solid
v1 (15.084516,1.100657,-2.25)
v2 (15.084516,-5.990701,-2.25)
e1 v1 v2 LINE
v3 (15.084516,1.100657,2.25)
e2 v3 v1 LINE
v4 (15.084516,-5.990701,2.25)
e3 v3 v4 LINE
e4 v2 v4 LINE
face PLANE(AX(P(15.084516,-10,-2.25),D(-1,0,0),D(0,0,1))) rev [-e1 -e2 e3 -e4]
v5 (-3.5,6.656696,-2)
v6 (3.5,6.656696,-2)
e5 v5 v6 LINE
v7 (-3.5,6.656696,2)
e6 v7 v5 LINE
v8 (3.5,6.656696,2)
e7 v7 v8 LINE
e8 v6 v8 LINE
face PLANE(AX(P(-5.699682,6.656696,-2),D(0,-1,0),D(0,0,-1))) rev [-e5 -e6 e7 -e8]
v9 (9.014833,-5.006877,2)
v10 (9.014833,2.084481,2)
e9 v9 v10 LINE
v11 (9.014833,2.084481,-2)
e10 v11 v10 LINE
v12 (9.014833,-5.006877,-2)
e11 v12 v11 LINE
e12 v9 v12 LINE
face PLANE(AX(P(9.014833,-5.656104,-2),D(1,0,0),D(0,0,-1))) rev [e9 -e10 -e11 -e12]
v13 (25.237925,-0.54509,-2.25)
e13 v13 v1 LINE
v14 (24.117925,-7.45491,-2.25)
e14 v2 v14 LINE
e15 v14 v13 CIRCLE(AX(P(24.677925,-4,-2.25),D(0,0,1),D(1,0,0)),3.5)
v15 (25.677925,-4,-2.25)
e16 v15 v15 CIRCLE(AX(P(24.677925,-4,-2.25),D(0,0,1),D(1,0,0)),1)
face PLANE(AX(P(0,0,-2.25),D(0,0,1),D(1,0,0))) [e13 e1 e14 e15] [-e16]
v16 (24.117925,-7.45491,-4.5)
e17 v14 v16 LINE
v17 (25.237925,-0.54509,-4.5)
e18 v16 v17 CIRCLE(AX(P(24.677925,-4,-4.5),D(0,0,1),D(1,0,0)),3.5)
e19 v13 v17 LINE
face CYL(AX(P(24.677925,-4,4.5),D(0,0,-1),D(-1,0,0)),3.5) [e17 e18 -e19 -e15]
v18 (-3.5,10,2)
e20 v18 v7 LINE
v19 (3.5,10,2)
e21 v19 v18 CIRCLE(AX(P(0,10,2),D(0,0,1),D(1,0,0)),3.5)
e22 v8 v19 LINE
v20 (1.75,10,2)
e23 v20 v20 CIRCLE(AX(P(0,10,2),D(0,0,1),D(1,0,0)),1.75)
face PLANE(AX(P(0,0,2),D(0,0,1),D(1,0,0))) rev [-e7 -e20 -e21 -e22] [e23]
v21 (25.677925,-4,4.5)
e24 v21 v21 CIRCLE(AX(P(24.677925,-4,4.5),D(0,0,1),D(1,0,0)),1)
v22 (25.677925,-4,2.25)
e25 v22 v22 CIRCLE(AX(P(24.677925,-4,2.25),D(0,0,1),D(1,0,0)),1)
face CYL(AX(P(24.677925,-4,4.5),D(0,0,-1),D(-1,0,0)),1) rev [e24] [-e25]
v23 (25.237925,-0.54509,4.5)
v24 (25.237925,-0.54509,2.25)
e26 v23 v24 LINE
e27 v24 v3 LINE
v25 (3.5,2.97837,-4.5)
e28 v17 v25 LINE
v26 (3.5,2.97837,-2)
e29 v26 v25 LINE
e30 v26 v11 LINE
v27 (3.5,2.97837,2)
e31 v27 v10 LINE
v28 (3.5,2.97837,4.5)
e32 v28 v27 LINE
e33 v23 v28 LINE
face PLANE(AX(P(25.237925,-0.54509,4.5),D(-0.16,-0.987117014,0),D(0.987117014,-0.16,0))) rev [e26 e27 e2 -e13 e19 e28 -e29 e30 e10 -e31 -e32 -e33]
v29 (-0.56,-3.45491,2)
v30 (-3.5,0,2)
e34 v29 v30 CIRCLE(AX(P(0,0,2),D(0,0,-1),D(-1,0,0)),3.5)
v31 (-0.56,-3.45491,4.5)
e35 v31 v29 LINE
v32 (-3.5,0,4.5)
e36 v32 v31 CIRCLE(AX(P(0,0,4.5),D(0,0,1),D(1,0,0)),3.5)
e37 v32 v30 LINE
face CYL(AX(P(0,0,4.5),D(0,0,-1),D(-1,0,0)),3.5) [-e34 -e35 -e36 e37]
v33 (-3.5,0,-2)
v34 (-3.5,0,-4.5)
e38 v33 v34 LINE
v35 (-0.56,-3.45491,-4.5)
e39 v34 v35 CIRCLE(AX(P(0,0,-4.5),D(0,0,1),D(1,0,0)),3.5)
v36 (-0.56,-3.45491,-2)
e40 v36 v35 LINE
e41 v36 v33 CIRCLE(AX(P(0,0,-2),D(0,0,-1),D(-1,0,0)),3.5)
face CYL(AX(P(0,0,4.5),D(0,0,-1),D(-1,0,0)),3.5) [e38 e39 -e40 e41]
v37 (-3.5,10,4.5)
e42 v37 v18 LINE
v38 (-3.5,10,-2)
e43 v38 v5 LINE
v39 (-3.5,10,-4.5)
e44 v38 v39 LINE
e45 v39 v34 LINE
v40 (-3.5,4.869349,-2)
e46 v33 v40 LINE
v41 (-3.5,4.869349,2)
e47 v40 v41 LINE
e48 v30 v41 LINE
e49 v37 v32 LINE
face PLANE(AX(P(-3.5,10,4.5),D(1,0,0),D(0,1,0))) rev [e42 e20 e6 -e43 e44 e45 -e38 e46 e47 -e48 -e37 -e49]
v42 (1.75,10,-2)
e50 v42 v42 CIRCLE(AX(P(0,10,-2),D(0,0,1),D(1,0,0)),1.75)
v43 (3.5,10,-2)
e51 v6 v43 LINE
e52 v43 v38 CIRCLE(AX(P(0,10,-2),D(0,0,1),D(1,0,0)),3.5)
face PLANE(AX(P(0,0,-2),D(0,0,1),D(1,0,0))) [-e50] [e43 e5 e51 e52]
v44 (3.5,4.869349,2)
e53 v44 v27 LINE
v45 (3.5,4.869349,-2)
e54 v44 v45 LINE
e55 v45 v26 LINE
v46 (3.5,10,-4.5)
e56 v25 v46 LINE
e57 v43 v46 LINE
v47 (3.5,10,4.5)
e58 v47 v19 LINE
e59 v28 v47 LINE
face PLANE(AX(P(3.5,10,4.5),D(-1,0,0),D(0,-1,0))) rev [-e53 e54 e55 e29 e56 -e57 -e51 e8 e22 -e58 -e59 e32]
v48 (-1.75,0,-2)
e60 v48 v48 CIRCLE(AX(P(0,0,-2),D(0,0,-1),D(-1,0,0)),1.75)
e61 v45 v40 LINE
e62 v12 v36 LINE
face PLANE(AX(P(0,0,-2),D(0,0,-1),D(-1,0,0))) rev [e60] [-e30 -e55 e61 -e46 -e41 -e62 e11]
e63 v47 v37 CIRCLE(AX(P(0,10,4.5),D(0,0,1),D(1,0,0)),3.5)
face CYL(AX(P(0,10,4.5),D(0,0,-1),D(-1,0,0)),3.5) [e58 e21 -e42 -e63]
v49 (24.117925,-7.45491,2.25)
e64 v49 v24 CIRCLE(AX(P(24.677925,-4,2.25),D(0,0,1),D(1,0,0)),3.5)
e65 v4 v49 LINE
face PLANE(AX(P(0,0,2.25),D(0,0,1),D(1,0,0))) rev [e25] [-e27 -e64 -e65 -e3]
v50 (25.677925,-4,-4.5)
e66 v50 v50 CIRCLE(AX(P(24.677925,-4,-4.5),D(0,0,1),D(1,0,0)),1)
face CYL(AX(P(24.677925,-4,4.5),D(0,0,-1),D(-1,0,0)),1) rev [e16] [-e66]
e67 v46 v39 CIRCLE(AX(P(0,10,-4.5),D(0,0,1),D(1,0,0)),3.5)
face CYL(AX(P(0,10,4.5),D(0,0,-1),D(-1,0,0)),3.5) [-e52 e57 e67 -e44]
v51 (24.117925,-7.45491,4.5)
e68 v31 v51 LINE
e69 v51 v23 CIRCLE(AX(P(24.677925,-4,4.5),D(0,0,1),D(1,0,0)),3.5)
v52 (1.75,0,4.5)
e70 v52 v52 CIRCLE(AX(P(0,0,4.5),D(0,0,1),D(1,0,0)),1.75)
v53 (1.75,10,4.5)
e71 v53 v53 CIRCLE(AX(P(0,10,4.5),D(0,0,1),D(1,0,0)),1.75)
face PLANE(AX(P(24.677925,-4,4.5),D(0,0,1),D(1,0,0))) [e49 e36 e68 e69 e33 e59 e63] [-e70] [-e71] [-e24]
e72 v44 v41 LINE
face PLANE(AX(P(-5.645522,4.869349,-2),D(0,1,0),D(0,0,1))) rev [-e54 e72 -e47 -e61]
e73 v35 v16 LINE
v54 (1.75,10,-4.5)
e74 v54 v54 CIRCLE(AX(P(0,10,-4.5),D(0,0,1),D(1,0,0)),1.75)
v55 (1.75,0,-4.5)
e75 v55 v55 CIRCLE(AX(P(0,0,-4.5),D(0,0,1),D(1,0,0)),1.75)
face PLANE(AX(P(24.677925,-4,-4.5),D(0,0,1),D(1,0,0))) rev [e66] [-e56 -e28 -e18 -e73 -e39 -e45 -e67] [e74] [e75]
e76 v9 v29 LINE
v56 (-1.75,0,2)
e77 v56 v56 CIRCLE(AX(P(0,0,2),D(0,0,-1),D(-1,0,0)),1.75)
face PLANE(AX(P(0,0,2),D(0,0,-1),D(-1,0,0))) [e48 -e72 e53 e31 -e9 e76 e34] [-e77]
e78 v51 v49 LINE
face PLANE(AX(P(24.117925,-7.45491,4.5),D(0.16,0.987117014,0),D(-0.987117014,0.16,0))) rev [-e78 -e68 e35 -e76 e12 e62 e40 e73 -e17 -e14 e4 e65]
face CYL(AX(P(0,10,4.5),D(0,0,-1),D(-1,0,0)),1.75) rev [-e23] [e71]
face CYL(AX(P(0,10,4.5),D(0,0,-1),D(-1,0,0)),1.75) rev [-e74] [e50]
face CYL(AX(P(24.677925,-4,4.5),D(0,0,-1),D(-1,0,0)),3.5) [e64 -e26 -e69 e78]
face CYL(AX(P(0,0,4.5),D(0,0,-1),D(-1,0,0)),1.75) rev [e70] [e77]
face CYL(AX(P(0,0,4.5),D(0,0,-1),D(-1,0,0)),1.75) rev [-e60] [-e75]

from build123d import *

# Parameters (mm, degrees)
SKETCH_1_R          = 1.75
SKETCH_1_R_2        = 1
EXTRUDE_1_DEPTH     = 4.5
SKETCH_5_W          = 9.199682462
SKETCH_5_H          = 9.813167506
SKETCH_5_W_2        = 14.660354758
SKETCH_5_H_2        = 10.525453646
CUT_EXTRUDE_3_DEPTH = 2
SKETCH_6_W          = 19.186818515
SKETCH_6_H          = 12
CUT_EXTRUDE_4_DEPTH = 2.25


with BuildPart() as part:
    # 草图1 → 凸台-拉伸1 (new, symmetric)
    with BuildSketch(Plane.XY):
        with BuildLine():
            Line((24.117925359, -7.45490955), (-0.56, -3.45490955))
            ThreePointArc((-0.56, -3.45490955), (-2.665520587, -2.268259244), (-3.5, 0))
            Line((-3.5, 0), (-3.5, 10))
            ThreePointArc((-3.5, 10), (0, 13.5), (3.5, 10))
            Line((3.5, 10), (3.5, 2.978370302))
            Line((3.5, 2.978370302), (25.237925359, -0.54509045))
            ThreePointArc((25.237925359, -0.54509045), (28.132834909, -4.56), (24.117925359, -7.45490955))
        make_face()
        Circle(SKETCH_1_R, mode=Mode.SUBTRACT)
        with Locations((0, 10)):
            Circle(SKETCH_1_R, mode=Mode.SUBTRACT)
        with Locations((24.677925359, -4)):
            Circle(SKETCH_1_R_2, mode=Mode.SUBTRACT)
    extrude(amount=EXTRUDE_1_DEPTH, both=True)

    # 草图5 → 切除-拉伸3 (cut, symmetric)
    with BuildSketch(Plane.XY):
        with Locations((-1.099841231, 11.563279791)):
            Rectangle(SKETCH_5_W, SKETCH_5_H)
        with Locations((1.684655549, -0.393377614)):
            Rectangle(SKETCH_5_W_2, SKETCH_5_H_2)
    extrude(amount=CUT_EXTRUDE_3_DEPTH, both=True, mode=Mode.SUBTRACT)

    # 草图6 → 切除-拉伸4 (cut, symmetric)
    with BuildSketch(Plane.XY):
        with Locations((24.677925359, -4)):
            Rectangle(SKETCH_6_W, SKETCH_6_H)
    extrude(amount=CUT_EXTRUDE_4_DEPTH, both=True, mode=Mode.SUBTRACT)


solid = part.part
